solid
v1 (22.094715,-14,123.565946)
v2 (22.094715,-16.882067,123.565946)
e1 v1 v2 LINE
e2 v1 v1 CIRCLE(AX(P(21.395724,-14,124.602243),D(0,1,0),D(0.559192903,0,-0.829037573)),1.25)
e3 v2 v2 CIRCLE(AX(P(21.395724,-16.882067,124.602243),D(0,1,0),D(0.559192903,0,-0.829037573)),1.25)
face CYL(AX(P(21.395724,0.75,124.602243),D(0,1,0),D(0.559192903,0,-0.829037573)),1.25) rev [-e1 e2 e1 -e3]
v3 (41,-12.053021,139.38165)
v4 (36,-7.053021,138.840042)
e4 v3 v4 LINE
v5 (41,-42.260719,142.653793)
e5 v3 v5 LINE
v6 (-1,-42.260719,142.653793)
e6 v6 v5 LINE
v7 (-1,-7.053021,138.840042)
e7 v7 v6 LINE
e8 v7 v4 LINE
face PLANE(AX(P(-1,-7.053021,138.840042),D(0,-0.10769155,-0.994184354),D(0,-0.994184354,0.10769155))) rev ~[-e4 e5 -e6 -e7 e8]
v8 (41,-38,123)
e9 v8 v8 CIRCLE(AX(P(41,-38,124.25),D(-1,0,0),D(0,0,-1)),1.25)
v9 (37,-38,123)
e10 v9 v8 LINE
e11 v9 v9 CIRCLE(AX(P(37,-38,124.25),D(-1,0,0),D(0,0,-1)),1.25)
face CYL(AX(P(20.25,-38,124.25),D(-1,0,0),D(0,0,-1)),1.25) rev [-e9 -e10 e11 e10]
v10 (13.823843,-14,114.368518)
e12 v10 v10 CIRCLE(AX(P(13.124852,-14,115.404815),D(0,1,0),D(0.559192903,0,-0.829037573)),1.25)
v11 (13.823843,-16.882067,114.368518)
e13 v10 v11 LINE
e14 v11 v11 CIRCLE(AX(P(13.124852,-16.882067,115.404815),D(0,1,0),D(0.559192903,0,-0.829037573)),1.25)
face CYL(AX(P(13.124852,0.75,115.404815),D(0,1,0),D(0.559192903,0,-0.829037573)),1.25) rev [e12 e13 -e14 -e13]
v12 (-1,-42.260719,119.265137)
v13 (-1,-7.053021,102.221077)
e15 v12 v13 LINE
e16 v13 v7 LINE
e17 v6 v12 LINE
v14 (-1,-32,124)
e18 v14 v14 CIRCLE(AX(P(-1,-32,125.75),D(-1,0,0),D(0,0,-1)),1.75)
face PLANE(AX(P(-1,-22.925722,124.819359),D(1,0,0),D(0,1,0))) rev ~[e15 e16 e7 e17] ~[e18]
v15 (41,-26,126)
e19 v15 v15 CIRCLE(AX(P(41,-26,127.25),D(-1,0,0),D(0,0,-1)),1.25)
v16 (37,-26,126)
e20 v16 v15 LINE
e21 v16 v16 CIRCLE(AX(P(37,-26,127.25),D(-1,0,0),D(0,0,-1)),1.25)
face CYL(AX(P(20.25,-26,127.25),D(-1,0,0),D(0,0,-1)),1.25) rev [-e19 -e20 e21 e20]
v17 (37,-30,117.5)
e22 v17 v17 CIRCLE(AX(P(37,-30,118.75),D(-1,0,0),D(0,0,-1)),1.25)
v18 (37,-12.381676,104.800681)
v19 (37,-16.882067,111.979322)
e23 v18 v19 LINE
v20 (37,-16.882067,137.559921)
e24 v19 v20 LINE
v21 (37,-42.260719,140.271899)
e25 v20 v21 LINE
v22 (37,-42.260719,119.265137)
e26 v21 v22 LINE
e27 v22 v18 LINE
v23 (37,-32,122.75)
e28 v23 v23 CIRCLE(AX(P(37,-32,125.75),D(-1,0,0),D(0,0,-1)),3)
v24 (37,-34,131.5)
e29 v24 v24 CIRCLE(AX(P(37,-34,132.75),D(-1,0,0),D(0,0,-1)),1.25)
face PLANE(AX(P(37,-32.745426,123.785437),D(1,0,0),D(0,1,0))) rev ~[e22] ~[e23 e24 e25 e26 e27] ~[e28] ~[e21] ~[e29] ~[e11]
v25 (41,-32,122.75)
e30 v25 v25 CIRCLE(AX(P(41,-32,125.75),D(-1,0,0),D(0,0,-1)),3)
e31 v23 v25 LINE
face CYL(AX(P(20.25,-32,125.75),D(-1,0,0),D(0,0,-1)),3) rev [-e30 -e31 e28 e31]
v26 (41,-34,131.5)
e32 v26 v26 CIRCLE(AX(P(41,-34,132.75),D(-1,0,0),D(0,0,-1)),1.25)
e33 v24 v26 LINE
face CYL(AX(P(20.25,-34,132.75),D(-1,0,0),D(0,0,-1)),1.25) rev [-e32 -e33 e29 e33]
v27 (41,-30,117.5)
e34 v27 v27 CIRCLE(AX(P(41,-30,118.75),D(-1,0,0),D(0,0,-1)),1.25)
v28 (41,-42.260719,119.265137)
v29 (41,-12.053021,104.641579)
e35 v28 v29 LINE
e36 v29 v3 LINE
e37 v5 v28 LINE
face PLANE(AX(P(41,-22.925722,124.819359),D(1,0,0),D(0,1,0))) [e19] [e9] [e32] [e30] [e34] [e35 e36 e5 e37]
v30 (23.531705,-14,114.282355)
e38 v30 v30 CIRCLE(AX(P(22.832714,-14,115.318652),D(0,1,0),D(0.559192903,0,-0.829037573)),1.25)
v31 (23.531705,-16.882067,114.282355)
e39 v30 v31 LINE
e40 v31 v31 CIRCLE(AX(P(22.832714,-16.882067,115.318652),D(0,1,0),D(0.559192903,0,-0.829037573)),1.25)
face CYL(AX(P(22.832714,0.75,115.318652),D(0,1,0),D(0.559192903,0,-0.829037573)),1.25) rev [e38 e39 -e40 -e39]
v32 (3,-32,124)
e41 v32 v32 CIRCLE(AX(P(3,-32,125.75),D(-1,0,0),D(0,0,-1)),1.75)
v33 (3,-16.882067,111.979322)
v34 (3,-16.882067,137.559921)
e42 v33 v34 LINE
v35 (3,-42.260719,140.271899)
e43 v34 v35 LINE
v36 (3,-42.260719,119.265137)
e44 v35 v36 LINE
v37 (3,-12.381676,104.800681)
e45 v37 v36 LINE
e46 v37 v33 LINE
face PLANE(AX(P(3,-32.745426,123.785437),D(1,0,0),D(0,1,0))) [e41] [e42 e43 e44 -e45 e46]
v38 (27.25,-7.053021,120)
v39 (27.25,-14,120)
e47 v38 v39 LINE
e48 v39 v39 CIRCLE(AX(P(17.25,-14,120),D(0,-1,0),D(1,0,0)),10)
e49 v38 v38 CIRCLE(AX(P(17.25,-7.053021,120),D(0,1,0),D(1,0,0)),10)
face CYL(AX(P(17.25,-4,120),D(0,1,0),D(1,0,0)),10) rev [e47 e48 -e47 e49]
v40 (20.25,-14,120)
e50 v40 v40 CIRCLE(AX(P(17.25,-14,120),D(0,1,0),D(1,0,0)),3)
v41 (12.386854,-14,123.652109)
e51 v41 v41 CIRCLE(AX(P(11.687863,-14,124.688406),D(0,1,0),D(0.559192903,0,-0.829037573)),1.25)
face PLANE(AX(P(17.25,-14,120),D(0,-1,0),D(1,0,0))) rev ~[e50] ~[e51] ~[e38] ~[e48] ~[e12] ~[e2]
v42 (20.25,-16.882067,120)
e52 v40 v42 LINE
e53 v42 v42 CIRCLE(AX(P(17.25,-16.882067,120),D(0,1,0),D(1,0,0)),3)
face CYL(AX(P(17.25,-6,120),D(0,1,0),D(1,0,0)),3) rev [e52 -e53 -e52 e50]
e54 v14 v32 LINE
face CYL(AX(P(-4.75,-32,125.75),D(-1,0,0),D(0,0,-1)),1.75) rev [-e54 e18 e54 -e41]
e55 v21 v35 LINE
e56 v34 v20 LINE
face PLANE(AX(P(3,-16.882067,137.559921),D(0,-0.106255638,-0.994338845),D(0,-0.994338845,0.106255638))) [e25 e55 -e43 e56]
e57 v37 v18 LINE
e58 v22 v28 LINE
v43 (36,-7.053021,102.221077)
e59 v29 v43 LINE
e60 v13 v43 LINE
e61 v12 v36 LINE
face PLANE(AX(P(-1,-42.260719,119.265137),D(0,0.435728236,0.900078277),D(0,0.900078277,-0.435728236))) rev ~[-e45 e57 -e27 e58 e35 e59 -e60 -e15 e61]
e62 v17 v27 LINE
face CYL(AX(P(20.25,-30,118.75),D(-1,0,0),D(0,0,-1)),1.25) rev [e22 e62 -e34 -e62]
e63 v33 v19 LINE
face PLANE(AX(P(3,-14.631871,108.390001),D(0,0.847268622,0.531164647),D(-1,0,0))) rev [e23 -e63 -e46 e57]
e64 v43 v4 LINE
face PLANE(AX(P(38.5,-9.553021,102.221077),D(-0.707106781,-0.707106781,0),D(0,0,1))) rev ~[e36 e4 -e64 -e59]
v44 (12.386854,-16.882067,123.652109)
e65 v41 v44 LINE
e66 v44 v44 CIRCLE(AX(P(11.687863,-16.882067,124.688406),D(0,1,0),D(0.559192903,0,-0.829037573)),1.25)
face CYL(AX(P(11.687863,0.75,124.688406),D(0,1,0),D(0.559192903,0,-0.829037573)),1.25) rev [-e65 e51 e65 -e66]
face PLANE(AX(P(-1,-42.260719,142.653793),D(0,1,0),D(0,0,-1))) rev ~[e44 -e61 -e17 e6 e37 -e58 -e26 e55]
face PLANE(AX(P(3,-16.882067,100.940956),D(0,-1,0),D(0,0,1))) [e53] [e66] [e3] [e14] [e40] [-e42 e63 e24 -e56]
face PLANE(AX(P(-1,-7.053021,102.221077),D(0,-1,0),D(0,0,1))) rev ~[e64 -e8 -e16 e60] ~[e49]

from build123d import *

# Parameters (mm, degrees)
CYLINDER067_R             = 1.75
CYLINDER067_DEPTH         = 22
CYLINDER067_PITCH_ANGLE   = 90
CYLINDER061_R             = 1.25
CYLINDER061_DEPTH         = 22
CYLINDER061_PITCH_ANGLE   = 90
CYLINDER062_R             = 1.25
CYLINDER062_DEPTH         = 22
CYLINDER062_PITCH_ANGLE   = 90
CYLINDER060_R             = 1.25
CYLINDER060_DEPTH         = 22
CYLINDER060_PITCH_ANGLE   = 90
CYLINDER059_R             = 1.25
CYLINDER059_DEPTH         = 22
CYLINDER059_PITCH_ANGLE   = 90
CYLINDER065_R             = 1.25
CYLINDER065_DEPTH         = 22
CYLINDER065_PITCH_ANGLE   = 90
CYLINDER066_R             = 1.25
CYLINDER066_DEPTH         = 22
CYLINDER066_PITCH_ANGLE   = 90
CYLINDER064_R             = 1.25
CYLINDER064_DEPTH         = 22
CYLINDER064_PITCH_ANGLE   = 90
CYLINDER063_R             = 1.25
CYLINDER063_DEPTH         = 22
CYLINDER063_PITCH_ANGLE   = 90
FUSION047_ROLL_ANGLE      = 34
FUSION047_PLACEMENT_ANGLE = -90
CYLINDER058_R             = 3
CYLINDER058_DEPTH         = 22
CYLINDER058_PITCH_ANGLE   = 90
CYLINDER057_R             = 3
CYLINDER057_DEPTH         = 13
CYLINDER057_ROLL_ANGLE    = 90
CYLINDER056_R             = 10
CYLINDER056_DEPTH         = 10
CYLINDER056_ROLL_ANGLE    = 90
PAD007_DEPTH              = 34
PAD005_DEPTH              = 42
CHAMFER104_SIZE           = 5
CHAMFER105_SIZE           = 5


with BuildPart() as cilindro011:
    # Cylinder067 → Cylinder067 (new body)
    with BuildSketch(Plane.XY):
        Circle(CYLINDER067_R)
    extrude(amount=CYLINDER067_DEPTH)


with BuildPart() as cilindro011_1:
    # Cylinder067 pitch: moved
    add(cilindro011.part.rotate(Axis((0, 0, 0), (0, 1, 0)), CYLINDER067_PITCH_ANGLE))


with BuildPart() as cilindro011_2:
    # Cylinder067 placement: moved
    add(cilindro011_1.part.moved(Location((-4.75, -32, 125.75))))


with BuildPart() as cilindro005:
    # Cylinder061 → Cylinder061 (new body)
    with BuildSketch(Plane.XY):
        Circle(CYLINDER061_R)
    extrude(amount=CYLINDER061_DEPTH)


with BuildPart() as cilindro005_1:
    # Cylinder061 pitch: moved
    add(cilindro005.part.rotate(Axis((0, 0, 0), (0, 1, 0)), CYLINDER061_PITCH_ANGLE))


with BuildPart() as cilindro005_2:
    # Cylinder061 placement: moved
    add(cilindro005_1.part.moved(Location((20.25, -38, 124.25))))


with BuildPart() as cilindro006:
    # Cylinder062 → Cylinder062 (new body)
    with BuildSketch(Plane.XY):
        Circle(CYLINDER062_R)
    extrude(amount=CYLINDER062_DEPTH)


with BuildPart() as cilindro006_1:
    # Cylinder062 pitch: moved
    add(cilindro006.part.rotate(Axis((0, 0, 0), (0, 1, 0)), CYLINDER062_PITCH_ANGLE))


with BuildPart() as cilindro006_2:
    # Cylinder062 placement: moved
    add(cilindro006_1.part.moved(Location((20.25, -26, 127.25))))


with BuildPart() as cilindro004:
    # Cylinder060 → Cylinder060 (new body)
    with BuildSketch(Plane.XY):
        Circle(CYLINDER060_R)
    extrude(amount=CYLINDER060_DEPTH)


with BuildPart() as cilindro004_1:
    # Cylinder060 pitch: moved
    add(cilindro004.part.rotate(Axis((0, 0, 0), (0, 1, 0)), CYLINDER060_PITCH_ANGLE))


with BuildPart() as cilindro004_2:
    # Cylinder060 placement: moved
    add(cilindro004_1.part.moved(Location((20.25, -30, 118.75))))


with BuildPart() as fusion046:
    # Cylinder059 → Cylinder059 (new body)
    with BuildSketch(Plane.XY):
        Circle(CYLINDER059_R)
    extrude(amount=CYLINDER059_DEPTH)


with BuildPart() as fusion046_1:
    # Cylinder059 pitch: moved
    add(fusion046.part.rotate(Axis((0, 0, 0), (0, 1, 0)), CYLINDER059_PITCH_ANGLE))


with BuildPart() as fusion046_2:
    # Cylinder059 placement: moved
    add(fusion046_1.part.moved(Location((20.25, -34, 132.75))))

    # Fusion046: union Cilindro005, Cilindro006, Cilindro004
    add(cilindro005_2.part)
    add(cilindro006_2.part)
    add(cilindro004_2.part)


with BuildPart() as cilindro009:
    # Cylinder065 → Cylinder065 (new body)
    with BuildSketch(Plane.XY):
        Circle(CYLINDER065_R)
    extrude(amount=CYLINDER065_DEPTH)


with BuildPart() as cilindro009_1:
    # Cylinder065 pitch: moved
    add(cilindro009.part.rotate(Axis((0, 0, 0), (0, 1, 0)), CYLINDER065_PITCH_ANGLE))


with BuildPart() as cilindro009_2:
    # Cylinder065 placement: moved
    add(cilindro009_1.part.moved(Location((20.25, -38, 124.25))))


with BuildPart() as cilindro010:
    # Cylinder066 → Cylinder066 (new body)
    with BuildSketch(Plane.XY):
        Circle(CYLINDER066_R)
    extrude(amount=CYLINDER066_DEPTH)


with BuildPart() as cilindro010_1:
    # Cylinder066 pitch: moved
    add(cilindro010.part.rotate(Axis((0, 0, 0), (0, 1, 0)), CYLINDER066_PITCH_ANGLE))


with BuildPart() as cilindro010_2:
    # Cylinder066 placement: moved
    add(cilindro010_1.part.moved(Location((20.25, -26, 127.25))))


with BuildPart() as cilindro008:
    # Cylinder064 → Cylinder064 (new body)
    with BuildSketch(Plane.XY):
        Circle(CYLINDER064_R)
    extrude(amount=CYLINDER064_DEPTH)


with BuildPart() as cilindro008_1:
    # Cylinder064 pitch: moved
    add(cilindro008.part.rotate(Axis((0, 0, 0), (0, 1, 0)), CYLINDER064_PITCH_ANGLE))


with BuildPart() as cilindro008_2:
    # Cylinder064 placement: moved
    add(cilindro008_1.part.moved(Location((20.25, -30, 118.75))))


with BuildPart() as fusion047:
    # Cylinder063 → Cylinder063 (new body)
    with BuildSketch(Plane.XY):
        Circle(CYLINDER063_R)
    extrude(amount=CYLINDER063_DEPTH)


with BuildPart() as fusion047_1:
    # Cylinder063 pitch: moved
    add(fusion047.part.rotate(Axis((0, 0, 0), (0, 1, 0)), CYLINDER063_PITCH_ANGLE))


with BuildPart() as fusion047_2:
    # Cylinder063 placement: moved
    add(fusion047_1.part.moved(Location((20.25, -34, 132.75))))

    # Fusion047: union Cilindro009, Cilindro010, Cilindro008
    add(cilindro009_2.part)
    add(cilindro010_2.part)
    add(cilindro008_2.part)


with BuildPart() as fusion047_3:
    # Fusion047 roll: moved
    add(fusion047_2.part.rotate(Axis((0, 0, 0), (1, 0, 0)), FUSION047_ROLL_ANGLE))


with BuildPart() as fusion047_4:
    # Fusion047 placement: moved
    add(fusion047_3.part.moved(Location((114.107998, 21, 33.646227))).rotate(Axis((114.107998, 21, 33.646227), (0, 0, 1)), FUSION047_PLACEMENT_ANGLE))


with BuildPart() as cilindro002:
    # Cylinder058 → Cylinder058 (new body)
    with BuildSketch(Plane.XY):
        Circle(CYLINDER058_R)
    extrude(amount=CYLINDER058_DEPTH)


with BuildPart() as cilindro002_1:
    # Cylinder058 pitch: moved
    add(cilindro002.part.rotate(Axis((0, 0, 0), (0, 1, 0)), CYLINDER058_PITCH_ANGLE))


with BuildPart() as cilindro002_2:
    # Cylinder058 placement: moved
    add(cilindro002_1.part.moved(Location((20.25, -32, 125.75))))


with BuildPart() as cilindro001:
    # Cylinder057 → Cylinder057 (new body)
    with BuildSketch(Plane.XY):
        Circle(CYLINDER057_R)
    extrude(amount=CYLINDER057_DEPTH)


with BuildPart() as cilindro001_1:
    # Cylinder057 roll: moved
    add(cilindro001.part.rotate(Axis((0, 0, 0), (1, 0, 0)), CYLINDER057_ROLL_ANGLE))


with BuildPart() as cilindro001_2:
    # Cylinder057 placement: moved
    add(cilindro001_1.part.moved(Location((17.25, -6, 120))))


with BuildPart() as cilindro:
    # Cylinder056 → Cylinder056 (new body)
    with BuildSketch(Plane.XY):
        Circle(CYLINDER056_R)
    extrude(amount=CYLINDER056_DEPTH)


with BuildPart() as cilindro_1:
    # Cylinder056 roll: moved
    add(cilindro.part.rotate(Axis((0, 0, 0), (1, 0, 0)), CYLINDER056_ROLL_ANGLE))


with BuildPart() as cilindro_2:
    # Cylinder056 placement: moved
    add(cilindro_1.part.moved(Location((17.25, -4, 120))))


with BuildPart() as pad007:
    # Sketch012 → Pad007 (new body)
    with BuildSketch(Plane(origin=(3, -12, -1), x_dir=(0, 1, 0), z_dir=(1, 0, 0))):
        Polygon((-4.882067, 101.940956), (-4.882067, 138.559921), (-40.571098, 142.373672), (-40.571098, 120.688431), align=None)
    extrude(amount=PAD007_DEPTH)


with BuildPart() as shoulder_src:
    # Sketch010 → Pad005 (new body)
    with BuildSketch(Plane.YZ.offset(-1)):
        Polygon((-7.053021, 102.221077), (-7.053021, 138.840042), (-42.260719, 142.653793), (-42.260719, 119.265137), align=None)
    extrude(amount=PAD005_DEPTH)

    # Cut085: cut Pad007
    add(pad007.part, mode=Mode.SUBTRACT)

    # Cut086: cut Cilindro
    add(cilindro_2.part, mode=Mode.SUBTRACT)

    # Cut087: cut Cilindro001
    add(cilindro001_2.part, mode=Mode.SUBTRACT)

    # Chamfer104
    chamfer104_edges = [shoulder_src.edges().sort_by_distance(p)[0] for p in [
        (20, -16.882067, 106.979322),
    ]]
    chamfer(chamfer104_edges, length=CHAMFER104_SIZE)

    # Cut088: cut Cilindro002
    add(cilindro002_2.part, mode=Mode.SUBTRACT)

    # Cut089: cut Fusion047
    add(fusion047_4.part, mode=Mode.SUBTRACT)

    # Cut090: cut Fusion046
    add(fusion046_2.part, mode=Mode.SUBTRACT)

    # Cut091: cut Cilindro011
    add(cilindro011_2.part, mode=Mode.SUBTRACT)

    # Chamfer105
    chamfer105_edges = [shoulder_src.edges().sort_by_distance(p)[0] for p in [
        (41, -7.053021, 120.530559),
    ]]
    chamfer(chamfer105_edges, length=CHAMFER105_SIZE)


solid = shoulder_src.part
